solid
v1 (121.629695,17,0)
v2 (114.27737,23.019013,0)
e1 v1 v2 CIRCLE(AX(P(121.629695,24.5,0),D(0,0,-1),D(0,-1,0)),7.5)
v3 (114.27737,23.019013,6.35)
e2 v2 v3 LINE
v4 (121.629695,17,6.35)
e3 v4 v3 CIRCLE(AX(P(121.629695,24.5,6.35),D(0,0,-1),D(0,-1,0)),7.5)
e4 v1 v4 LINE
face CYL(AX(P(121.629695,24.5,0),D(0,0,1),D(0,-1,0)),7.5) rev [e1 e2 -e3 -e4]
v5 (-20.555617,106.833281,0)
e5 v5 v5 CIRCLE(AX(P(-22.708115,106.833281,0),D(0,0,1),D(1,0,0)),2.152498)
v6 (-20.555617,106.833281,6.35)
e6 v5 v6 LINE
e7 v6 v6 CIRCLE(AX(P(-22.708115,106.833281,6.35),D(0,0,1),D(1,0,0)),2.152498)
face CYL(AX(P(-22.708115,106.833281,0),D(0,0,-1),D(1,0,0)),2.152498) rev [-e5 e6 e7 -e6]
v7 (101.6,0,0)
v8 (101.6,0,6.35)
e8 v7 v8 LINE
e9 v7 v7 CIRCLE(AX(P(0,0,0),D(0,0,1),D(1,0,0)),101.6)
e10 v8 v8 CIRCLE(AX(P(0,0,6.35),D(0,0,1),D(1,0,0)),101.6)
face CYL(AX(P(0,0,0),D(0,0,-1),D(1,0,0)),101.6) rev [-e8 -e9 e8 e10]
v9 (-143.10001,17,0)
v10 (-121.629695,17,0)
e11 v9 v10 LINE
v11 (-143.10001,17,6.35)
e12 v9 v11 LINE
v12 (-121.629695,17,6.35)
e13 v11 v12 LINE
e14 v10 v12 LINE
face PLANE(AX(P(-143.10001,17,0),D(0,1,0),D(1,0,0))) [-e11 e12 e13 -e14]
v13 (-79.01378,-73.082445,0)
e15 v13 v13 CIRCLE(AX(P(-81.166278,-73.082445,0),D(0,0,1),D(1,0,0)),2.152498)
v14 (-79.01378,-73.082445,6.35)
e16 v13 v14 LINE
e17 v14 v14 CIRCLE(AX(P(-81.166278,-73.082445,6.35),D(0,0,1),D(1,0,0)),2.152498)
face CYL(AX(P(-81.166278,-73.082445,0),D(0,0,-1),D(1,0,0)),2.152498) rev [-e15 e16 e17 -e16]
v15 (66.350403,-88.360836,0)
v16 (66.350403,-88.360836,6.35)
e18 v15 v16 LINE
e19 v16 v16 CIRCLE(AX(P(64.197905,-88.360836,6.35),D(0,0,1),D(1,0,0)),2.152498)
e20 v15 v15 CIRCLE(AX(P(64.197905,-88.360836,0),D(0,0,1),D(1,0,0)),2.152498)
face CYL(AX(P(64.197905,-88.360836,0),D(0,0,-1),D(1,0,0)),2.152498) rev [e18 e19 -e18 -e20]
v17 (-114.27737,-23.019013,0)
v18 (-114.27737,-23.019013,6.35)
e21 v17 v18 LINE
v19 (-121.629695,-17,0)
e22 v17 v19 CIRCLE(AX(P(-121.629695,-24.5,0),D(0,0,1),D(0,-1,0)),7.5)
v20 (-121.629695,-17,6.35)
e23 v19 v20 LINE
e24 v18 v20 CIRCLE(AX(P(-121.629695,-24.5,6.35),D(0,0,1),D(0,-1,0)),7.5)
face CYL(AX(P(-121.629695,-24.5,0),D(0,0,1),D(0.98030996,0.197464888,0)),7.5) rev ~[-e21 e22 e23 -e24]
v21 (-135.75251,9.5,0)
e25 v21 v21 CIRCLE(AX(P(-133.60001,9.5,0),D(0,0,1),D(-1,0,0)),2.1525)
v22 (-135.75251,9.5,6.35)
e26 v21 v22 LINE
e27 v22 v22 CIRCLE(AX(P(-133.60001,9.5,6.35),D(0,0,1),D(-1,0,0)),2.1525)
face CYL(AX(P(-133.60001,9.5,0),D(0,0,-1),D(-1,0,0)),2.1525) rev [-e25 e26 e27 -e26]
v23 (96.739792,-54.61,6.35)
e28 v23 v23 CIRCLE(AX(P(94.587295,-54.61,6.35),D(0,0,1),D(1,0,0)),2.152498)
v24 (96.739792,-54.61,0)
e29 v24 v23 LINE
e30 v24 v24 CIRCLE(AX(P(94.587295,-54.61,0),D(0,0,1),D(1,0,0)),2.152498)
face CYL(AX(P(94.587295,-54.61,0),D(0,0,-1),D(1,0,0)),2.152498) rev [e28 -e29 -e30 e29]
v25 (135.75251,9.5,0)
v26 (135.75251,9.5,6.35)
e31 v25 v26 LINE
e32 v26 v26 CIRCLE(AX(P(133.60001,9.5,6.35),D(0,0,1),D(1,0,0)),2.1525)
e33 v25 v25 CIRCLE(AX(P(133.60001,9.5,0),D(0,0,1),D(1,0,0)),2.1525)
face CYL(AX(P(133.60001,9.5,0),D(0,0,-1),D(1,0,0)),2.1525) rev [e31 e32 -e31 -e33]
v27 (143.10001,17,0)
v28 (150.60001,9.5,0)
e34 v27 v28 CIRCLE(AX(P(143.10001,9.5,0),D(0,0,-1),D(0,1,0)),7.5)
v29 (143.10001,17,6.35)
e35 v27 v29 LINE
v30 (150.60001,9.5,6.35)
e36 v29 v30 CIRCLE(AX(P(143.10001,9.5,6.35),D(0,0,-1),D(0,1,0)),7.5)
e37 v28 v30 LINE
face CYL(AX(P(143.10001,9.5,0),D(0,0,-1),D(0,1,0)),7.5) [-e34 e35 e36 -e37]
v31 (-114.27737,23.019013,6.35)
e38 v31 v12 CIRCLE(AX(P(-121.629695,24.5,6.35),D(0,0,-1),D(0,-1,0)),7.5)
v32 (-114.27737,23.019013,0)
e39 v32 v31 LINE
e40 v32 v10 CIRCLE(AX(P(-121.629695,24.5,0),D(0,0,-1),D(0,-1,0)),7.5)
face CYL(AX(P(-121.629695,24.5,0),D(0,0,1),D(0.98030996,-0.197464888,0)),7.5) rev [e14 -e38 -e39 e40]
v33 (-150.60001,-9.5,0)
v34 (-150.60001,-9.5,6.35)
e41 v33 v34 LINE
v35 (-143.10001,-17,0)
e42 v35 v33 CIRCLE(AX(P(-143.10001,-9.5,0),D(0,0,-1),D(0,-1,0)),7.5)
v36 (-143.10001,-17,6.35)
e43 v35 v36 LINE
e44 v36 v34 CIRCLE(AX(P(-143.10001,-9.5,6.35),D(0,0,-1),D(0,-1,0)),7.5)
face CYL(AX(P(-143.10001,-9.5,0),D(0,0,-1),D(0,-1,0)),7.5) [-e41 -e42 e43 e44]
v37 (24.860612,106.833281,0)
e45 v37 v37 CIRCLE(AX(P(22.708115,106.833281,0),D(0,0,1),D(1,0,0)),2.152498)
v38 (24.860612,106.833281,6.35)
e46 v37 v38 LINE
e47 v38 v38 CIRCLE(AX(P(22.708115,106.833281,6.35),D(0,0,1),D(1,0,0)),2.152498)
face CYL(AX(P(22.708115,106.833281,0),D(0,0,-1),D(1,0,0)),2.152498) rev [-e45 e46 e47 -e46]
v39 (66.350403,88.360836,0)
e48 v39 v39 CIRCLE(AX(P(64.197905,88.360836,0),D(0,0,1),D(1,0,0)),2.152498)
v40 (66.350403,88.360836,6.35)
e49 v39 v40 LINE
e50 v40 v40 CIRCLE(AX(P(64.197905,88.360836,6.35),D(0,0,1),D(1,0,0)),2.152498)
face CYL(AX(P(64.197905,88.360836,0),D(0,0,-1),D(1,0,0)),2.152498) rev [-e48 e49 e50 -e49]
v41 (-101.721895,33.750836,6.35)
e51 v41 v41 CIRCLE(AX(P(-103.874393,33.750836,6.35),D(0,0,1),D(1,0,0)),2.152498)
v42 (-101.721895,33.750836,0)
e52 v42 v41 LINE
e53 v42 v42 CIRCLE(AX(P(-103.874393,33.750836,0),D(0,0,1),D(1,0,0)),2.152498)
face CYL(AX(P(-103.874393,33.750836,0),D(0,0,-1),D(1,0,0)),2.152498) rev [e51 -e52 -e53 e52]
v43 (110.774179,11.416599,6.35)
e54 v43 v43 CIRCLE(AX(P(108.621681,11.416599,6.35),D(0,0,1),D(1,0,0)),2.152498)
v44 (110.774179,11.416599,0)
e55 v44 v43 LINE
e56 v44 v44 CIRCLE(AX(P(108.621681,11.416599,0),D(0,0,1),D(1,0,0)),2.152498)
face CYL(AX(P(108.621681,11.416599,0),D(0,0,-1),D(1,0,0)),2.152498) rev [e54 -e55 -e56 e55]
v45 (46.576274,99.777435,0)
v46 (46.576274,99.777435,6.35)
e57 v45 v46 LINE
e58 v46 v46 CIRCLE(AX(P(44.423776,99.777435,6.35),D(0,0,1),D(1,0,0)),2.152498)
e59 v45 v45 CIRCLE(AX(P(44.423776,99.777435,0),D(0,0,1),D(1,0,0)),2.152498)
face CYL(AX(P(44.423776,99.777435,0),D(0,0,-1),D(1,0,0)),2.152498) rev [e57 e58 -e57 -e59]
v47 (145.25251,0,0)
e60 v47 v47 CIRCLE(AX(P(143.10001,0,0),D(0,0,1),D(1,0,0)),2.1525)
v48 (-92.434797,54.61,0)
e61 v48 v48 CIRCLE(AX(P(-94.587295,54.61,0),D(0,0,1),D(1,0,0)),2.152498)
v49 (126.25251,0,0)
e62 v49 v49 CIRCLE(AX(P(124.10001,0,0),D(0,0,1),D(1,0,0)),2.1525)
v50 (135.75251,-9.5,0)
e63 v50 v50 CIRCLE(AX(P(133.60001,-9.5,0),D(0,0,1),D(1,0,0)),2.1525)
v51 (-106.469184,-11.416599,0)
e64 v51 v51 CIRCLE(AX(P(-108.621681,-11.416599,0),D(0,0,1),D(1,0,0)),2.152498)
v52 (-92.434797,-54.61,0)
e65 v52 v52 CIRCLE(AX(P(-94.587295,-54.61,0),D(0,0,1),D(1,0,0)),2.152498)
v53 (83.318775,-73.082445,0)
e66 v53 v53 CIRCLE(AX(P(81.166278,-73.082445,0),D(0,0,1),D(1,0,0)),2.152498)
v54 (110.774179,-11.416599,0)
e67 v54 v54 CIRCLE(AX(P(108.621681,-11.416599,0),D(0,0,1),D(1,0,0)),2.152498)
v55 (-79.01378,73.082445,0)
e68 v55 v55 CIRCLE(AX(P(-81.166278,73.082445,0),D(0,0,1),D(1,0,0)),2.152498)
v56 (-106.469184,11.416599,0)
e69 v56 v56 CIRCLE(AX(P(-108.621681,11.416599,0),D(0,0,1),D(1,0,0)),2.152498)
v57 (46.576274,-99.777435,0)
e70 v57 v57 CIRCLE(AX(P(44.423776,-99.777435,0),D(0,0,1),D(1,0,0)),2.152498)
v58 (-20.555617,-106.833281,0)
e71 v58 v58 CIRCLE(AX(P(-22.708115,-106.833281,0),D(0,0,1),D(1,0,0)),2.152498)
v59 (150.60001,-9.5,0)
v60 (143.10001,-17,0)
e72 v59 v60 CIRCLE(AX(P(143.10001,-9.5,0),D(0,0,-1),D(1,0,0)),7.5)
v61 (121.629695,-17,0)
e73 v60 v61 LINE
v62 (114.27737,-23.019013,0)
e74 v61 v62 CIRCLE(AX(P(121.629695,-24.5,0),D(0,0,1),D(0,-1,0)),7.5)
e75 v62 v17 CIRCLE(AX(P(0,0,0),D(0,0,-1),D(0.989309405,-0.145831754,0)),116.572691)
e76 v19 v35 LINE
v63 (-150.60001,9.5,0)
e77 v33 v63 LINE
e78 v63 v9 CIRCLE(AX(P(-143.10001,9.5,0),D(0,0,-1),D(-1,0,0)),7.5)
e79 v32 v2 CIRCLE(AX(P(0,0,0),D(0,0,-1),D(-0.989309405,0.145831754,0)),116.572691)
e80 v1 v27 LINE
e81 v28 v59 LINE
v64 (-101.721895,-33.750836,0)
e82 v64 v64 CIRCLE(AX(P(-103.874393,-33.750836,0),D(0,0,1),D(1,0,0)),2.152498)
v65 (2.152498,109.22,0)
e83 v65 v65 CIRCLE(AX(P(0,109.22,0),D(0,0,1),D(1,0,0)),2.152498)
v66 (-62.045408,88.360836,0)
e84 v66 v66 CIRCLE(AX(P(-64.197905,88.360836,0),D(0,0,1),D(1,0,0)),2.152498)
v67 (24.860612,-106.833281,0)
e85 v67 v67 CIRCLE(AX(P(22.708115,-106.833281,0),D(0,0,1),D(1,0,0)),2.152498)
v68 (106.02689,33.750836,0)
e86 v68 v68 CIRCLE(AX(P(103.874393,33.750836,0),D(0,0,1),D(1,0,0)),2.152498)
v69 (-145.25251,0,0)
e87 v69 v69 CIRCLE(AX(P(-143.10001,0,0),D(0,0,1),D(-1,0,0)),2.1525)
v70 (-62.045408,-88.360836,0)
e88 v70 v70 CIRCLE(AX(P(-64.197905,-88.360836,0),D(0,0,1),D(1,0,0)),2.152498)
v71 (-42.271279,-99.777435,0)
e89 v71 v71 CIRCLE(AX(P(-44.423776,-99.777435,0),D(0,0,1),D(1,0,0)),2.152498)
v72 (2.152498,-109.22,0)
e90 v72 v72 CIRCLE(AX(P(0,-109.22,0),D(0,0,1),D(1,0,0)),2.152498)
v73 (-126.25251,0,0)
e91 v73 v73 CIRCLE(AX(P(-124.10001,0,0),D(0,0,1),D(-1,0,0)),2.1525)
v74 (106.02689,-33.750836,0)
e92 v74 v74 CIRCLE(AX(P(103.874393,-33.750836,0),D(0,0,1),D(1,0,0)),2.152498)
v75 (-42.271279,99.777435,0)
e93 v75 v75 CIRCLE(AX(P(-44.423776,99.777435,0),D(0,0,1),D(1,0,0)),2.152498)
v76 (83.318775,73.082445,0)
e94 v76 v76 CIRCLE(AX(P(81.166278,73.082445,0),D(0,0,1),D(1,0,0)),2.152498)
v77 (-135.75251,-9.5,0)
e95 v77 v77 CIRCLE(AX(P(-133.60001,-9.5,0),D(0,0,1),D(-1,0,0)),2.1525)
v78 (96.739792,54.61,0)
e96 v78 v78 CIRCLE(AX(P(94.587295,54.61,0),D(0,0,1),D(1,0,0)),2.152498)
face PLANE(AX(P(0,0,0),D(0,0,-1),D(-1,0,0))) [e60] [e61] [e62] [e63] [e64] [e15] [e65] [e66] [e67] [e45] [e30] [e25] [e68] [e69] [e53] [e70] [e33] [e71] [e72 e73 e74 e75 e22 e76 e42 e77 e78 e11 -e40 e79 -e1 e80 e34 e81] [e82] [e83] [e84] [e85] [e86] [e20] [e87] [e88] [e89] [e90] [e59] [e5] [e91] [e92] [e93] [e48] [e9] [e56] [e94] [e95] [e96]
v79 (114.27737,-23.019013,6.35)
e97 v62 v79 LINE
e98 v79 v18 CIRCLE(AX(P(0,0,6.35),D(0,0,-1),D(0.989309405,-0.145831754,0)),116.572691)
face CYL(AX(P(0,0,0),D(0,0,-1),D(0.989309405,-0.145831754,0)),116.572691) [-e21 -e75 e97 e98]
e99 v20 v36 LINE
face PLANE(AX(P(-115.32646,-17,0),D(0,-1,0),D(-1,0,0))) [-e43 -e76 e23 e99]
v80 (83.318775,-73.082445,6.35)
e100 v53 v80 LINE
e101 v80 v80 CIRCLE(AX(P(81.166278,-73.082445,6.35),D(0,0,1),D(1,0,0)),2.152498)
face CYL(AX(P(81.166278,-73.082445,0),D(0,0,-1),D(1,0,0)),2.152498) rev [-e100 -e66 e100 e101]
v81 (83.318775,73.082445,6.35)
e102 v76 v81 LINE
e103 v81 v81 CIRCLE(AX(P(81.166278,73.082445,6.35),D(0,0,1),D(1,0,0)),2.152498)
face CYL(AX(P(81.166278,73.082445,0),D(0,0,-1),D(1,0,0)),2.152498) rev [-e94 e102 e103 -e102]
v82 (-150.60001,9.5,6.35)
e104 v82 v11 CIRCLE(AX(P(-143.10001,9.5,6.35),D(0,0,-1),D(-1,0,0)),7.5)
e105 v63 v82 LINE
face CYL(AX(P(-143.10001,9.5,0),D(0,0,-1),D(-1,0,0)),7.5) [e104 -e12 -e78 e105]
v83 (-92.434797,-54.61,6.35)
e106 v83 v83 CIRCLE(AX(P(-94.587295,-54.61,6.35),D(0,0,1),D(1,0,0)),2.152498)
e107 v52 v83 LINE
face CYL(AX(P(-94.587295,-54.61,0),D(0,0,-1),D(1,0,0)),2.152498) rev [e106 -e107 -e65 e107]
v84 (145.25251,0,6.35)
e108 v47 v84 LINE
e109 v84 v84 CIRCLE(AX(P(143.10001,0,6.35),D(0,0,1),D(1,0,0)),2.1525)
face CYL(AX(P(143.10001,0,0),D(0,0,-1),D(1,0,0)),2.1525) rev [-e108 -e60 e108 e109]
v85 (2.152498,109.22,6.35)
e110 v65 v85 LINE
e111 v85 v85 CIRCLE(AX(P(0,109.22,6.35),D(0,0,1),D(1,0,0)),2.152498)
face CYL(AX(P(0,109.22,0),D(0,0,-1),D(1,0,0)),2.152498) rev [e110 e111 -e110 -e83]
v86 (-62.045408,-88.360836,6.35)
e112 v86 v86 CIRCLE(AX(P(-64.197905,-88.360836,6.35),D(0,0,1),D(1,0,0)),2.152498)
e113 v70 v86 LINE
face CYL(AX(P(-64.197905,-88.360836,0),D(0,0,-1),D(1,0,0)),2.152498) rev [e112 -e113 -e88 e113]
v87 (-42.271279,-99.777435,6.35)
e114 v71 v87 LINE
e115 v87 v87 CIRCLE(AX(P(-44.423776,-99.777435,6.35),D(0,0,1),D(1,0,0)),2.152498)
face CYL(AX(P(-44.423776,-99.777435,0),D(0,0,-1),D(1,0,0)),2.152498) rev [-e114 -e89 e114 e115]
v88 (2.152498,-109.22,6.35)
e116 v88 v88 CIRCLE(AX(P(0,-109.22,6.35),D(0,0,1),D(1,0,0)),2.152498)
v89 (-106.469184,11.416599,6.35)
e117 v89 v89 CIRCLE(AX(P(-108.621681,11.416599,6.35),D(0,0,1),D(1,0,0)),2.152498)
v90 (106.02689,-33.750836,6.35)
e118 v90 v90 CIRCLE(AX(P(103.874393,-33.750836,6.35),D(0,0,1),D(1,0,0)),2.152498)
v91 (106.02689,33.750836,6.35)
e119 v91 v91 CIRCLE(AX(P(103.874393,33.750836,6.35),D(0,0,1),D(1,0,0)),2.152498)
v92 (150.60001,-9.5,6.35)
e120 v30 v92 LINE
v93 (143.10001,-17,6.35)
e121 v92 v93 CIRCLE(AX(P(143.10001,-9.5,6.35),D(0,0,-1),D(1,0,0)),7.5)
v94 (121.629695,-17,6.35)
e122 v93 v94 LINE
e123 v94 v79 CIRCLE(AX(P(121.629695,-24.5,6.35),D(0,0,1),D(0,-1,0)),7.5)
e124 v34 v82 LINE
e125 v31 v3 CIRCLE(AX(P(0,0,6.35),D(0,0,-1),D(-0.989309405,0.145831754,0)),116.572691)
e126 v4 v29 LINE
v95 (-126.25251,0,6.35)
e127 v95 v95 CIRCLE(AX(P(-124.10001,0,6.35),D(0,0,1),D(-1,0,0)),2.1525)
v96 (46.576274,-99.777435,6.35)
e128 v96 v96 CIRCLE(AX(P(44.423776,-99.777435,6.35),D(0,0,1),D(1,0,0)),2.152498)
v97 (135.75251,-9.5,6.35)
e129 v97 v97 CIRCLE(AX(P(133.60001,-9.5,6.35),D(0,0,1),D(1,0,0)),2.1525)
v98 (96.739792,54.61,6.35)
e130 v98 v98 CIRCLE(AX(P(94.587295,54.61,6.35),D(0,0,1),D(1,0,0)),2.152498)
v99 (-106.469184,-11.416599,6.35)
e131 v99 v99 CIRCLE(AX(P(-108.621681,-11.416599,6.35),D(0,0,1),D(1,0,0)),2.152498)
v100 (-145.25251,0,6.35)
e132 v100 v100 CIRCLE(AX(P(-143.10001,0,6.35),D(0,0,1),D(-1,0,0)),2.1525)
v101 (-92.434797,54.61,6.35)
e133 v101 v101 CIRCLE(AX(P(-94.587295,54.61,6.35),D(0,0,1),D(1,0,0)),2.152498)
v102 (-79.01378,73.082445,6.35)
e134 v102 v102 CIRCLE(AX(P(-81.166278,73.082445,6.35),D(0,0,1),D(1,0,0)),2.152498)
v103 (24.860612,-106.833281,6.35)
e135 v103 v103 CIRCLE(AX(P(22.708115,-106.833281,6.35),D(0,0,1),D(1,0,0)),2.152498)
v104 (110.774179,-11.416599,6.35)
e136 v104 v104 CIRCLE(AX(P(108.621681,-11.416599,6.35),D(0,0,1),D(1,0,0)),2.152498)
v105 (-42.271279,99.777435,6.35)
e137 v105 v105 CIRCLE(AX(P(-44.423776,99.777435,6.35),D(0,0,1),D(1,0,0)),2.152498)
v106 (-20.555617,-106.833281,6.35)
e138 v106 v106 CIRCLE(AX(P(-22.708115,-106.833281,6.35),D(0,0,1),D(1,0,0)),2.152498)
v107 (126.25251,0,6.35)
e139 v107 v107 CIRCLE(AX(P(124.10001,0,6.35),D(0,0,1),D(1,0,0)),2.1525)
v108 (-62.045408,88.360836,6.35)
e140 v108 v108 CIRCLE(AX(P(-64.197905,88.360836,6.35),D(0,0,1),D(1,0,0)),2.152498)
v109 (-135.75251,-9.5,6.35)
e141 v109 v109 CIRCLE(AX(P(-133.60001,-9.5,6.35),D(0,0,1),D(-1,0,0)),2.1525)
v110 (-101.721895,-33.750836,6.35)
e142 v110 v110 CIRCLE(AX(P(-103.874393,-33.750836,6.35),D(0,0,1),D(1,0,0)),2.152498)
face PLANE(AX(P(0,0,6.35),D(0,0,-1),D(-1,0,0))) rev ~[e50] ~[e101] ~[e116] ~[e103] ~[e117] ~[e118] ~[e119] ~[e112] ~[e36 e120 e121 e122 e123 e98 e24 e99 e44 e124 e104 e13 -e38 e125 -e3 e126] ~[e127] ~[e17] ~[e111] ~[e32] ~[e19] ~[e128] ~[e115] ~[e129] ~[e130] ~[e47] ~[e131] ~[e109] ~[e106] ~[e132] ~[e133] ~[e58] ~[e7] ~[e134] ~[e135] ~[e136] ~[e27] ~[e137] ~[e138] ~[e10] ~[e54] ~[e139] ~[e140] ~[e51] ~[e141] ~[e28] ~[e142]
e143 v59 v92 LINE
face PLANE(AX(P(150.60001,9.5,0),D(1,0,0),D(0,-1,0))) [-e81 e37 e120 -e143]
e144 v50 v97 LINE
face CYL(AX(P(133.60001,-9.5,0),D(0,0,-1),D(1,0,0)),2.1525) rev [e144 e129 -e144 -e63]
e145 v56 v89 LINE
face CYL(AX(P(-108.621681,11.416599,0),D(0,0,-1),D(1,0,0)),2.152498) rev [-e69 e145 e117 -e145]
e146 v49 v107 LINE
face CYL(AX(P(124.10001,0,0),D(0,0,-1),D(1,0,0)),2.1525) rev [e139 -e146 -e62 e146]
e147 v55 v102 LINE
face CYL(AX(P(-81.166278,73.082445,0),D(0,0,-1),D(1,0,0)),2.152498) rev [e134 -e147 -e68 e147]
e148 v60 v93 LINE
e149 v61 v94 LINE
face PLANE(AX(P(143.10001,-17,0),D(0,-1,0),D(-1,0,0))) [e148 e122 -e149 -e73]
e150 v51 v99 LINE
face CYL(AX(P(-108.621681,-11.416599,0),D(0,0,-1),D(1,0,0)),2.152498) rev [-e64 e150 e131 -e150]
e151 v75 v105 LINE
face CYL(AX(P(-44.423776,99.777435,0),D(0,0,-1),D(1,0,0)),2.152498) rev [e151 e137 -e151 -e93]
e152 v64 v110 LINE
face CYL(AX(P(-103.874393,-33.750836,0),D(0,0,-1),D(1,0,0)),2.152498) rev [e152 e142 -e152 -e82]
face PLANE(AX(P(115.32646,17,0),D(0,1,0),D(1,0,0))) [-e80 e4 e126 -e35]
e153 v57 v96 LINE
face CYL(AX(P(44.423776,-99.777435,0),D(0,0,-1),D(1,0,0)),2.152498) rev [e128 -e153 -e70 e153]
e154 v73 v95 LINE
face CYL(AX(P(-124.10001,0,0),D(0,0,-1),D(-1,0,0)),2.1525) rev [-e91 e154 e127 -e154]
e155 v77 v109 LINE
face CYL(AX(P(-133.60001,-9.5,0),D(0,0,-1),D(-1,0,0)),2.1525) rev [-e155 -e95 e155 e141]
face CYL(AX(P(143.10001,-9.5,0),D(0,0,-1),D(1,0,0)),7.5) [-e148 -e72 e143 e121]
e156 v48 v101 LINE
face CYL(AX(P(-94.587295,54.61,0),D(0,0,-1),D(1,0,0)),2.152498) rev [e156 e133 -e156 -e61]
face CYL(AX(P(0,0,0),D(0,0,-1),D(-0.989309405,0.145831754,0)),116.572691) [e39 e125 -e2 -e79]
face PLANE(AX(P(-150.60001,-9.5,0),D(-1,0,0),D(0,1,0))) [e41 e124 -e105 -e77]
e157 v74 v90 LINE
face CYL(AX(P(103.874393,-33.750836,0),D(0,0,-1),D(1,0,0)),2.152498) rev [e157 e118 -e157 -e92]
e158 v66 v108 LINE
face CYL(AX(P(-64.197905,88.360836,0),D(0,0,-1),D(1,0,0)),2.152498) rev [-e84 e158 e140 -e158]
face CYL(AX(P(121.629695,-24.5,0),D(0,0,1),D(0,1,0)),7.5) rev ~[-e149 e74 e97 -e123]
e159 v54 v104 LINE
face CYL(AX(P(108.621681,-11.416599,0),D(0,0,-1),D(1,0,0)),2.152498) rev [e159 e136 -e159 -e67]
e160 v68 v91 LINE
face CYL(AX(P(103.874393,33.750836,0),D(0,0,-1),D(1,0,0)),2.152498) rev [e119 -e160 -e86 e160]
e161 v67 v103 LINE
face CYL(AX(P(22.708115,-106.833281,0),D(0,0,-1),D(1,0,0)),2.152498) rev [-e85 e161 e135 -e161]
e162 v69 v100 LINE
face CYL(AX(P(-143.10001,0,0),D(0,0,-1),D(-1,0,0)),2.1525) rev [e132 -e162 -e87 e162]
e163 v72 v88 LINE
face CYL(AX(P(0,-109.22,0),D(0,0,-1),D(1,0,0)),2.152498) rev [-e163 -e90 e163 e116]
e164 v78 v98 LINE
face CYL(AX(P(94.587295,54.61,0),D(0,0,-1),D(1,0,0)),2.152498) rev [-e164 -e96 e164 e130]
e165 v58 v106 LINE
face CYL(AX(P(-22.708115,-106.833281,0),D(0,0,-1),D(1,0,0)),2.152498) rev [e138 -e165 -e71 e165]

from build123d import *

# Parameters (mm, degrees)
SKETCH1_R           = 101.6
SKETCH1_R_2         = 2.1525
SKETCH1_R_3         = 2.1524976
BOSS_EXTRUDE1_DEPTH = 6.35
FILLET1_R           = 7.5


with BuildPart() as part:
    # Sketch1 → Boss-Extrude1 (new body)
    with BuildSketch(Plane.XY):
        with BuildLine():
            Line((115.326459663, 17), (143.1000104, 17))
            ThreePointArc((143.1000104, 17), (148.403311259, 14.803300859), (150.6000104, 9.5))
            Line((150.6000104, 9.5), (150.6000104, -9.5))
            ThreePointArc((150.6000104, -9.5), (148.403311259, -14.803300859), (143.1000104, -17))
            Line((143.1000104, -17), (115.326459663, -17))
            ThreePointArc((115.326459663, -17), (0, -116.572691049), (-115.326459663, -17))
            Line((-115.326459663, -17), (-143.1000104, -17))
            ThreePointArc((-143.1000104, -17), (-148.403311259, -14.803300859), (-150.6000104, -9.5))
            Line((-150.6000104, -9.5), (-150.6000104, 9.5))
            ThreePointArc((-150.6000104, 9.5), (-148.403311259, 14.803300859), (-143.1000104, 17))
            Line((-143.1000104, 17), (-115.326459663, 17))
            ThreePointArc((-115.326459663, 17), (0, 116.572691049), (115.326459663, 17))
        make_face()
        Circle(SKETCH1_R, mode=Mode.SUBTRACT)
        with Locations((133.6000104, 9.5)):
            Circle(SKETCH1_R_2, mode=Mode.SUBTRACT)
        with Locations((133.6000104, -9.5)):
            Circle(SKETCH1_R_2, mode=Mode.SUBTRACT)
        with Locations((143.1000104, 0)):
            Circle(SKETCH1_R_2, mode=Mode.SUBTRACT)
        with Locations((124.1000104, 0)):
            Circle(SKETCH1_R_2, mode=Mode.SUBTRACT)
        with Locations(Location((-143.1000104, 0, 0), (0, 0, 180))):
            Circle(SKETCH1_R_2, mode=Mode.SUBTRACT)
        with Locations(Location((-133.6000104, -9.5, 0), (0, 0, 180))):
            Circle(SKETCH1_R_2, mode=Mode.SUBTRACT)
        with Locations(Location((-124.1000104, 0, 0), (0, 0, 180))):
            Circle(SKETCH1_R_2, mode=Mode.SUBTRACT)
        with Locations(Location((-133.6000104, 9.5, 0), (0, 0, 180))):
            Circle(SKETCH1_R_2, mode=Mode.SUBTRACT)
        with Locations((0, 109.22)):
            Circle(SKETCH1_R_3, mode=Mode.SUBTRACT)
        with Locations((22.708114871, 106.833280952)):
            Circle(SKETCH1_R_3, mode=Mode.SUBTRACT)
        with Locations((44.423776157, 99.777434884)):
            Circle(SKETCH1_R_3, mode=Mode.SUBTRACT)
        with Locations((64.197905255, 88.360836126)):
            Circle(SKETCH1_R_3, mode=Mode.SUBTRACT)
        with Locations((81.166277839, 73.082444827)):
            Circle(SKETCH1_R_3, mode=Mode.SUBTRACT)
        with Locations((94.587294601, 54.61)):
            Circle(SKETCH1_R_3, mode=Mode.SUBTRACT)
        with Locations((103.87439271, 33.750836126)):
            Circle(SKETCH1_R_3, mode=Mode.SUBTRACT)
        with Locations((108.621681412, 11.416598758)):
            Circle(SKETCH1_R_3, mode=Mode.SUBTRACT)
        with Locations((108.621681412, -11.416598758)):
            Circle(SKETCH1_R_3, mode=Mode.SUBTRACT)
        with Locations((103.87439271, -33.750836126)):
            Circle(SKETCH1_R_3, mode=Mode.SUBTRACT)
        with Locations((94.587294601, -54.61)):
            Circle(SKETCH1_R_3, mode=Mode.SUBTRACT)
        with Locations((81.166277839, -73.082444827)):
            Circle(SKETCH1_R_3, mode=Mode.SUBTRACT)
        with Locations((64.197905255, -88.360836126)):
            Circle(SKETCH1_R_3, mode=Mode.SUBTRACT)
        with Locations((44.423776157, -99.777434884)):
            Circle(SKETCH1_R_3, mode=Mode.SUBTRACT)
        with Locations((22.708114871, -106.833280952)):
            Circle(SKETCH1_R_3, mode=Mode.SUBTRACT)
        with Locations((0, -109.22)):
            Circle(SKETCH1_R_3, mode=Mode.SUBTRACT)
        with Locations((-22.708114871, -106.833280952)):
            Circle(SKETCH1_R_3, mode=Mode.SUBTRACT)
        with Locations((-44.423776157, -99.777434884)):
            Circle(SKETCH1_R_3, mode=Mode.SUBTRACT)
        with Locations((-64.197905255, -88.360836126)):
            Circle(SKETCH1_R_3, mode=Mode.SUBTRACT)
        with Locations((-81.166277839, -73.082444827)):
            Circle(SKETCH1_R_3, mode=Mode.SUBTRACT)
        with Locations((-94.587294601, -54.61)):
            Circle(SKETCH1_R_3, mode=Mode.SUBTRACT)
        with Locations((-103.87439271, -33.750836126)):
            Circle(SKETCH1_R_3, mode=Mode.SUBTRACT)
        with Locations((-108.621681412, -11.416598758)):
            Circle(SKETCH1_R_3, mode=Mode.SUBTRACT)
        with Locations((-108.621681412, 11.416598758)):
            Circle(SKETCH1_R_3, mode=Mode.SUBTRACT)
        with Locations((-103.87439271, 33.750836126)):
            Circle(SKETCH1_R_3, mode=Mode.SUBTRACT)
        with Locations((-94.587294601, 54.61)):
            Circle(SKETCH1_R_3, mode=Mode.SUBTRACT)
        with Locations((-81.166277839, 73.082444827)):
            Circle(SKETCH1_R_3, mode=Mode.SUBTRACT)
        with Locations((-64.197905255, 88.360836126)):
            Circle(SKETCH1_R_3, mode=Mode.SUBTRACT)
        with Locations((-44.423776157, 99.777434884)):
            Circle(SKETCH1_R_3, mode=Mode.SUBTRACT)
        with Locations((-22.708114871, 106.833280952)):
            Circle(SKETCH1_R_3, mode=Mode.SUBTRACT)
    extrude(amount=BOSS_EXTRUDE1_DEPTH)

    # Fillet1
    fillet1_edges = [part.edges().sort_by_distance(p)[0] for p in [
        (115.326459663, 17, 3.175),
        (115.326459663, -17, 3.175),
        (-115.326459663, -17, 3.175),
        (-115.326459663, 17, 3.175),
    ]]
    fillet(fillet1_edges, radius=FILLET1_R)


solid = part.part
